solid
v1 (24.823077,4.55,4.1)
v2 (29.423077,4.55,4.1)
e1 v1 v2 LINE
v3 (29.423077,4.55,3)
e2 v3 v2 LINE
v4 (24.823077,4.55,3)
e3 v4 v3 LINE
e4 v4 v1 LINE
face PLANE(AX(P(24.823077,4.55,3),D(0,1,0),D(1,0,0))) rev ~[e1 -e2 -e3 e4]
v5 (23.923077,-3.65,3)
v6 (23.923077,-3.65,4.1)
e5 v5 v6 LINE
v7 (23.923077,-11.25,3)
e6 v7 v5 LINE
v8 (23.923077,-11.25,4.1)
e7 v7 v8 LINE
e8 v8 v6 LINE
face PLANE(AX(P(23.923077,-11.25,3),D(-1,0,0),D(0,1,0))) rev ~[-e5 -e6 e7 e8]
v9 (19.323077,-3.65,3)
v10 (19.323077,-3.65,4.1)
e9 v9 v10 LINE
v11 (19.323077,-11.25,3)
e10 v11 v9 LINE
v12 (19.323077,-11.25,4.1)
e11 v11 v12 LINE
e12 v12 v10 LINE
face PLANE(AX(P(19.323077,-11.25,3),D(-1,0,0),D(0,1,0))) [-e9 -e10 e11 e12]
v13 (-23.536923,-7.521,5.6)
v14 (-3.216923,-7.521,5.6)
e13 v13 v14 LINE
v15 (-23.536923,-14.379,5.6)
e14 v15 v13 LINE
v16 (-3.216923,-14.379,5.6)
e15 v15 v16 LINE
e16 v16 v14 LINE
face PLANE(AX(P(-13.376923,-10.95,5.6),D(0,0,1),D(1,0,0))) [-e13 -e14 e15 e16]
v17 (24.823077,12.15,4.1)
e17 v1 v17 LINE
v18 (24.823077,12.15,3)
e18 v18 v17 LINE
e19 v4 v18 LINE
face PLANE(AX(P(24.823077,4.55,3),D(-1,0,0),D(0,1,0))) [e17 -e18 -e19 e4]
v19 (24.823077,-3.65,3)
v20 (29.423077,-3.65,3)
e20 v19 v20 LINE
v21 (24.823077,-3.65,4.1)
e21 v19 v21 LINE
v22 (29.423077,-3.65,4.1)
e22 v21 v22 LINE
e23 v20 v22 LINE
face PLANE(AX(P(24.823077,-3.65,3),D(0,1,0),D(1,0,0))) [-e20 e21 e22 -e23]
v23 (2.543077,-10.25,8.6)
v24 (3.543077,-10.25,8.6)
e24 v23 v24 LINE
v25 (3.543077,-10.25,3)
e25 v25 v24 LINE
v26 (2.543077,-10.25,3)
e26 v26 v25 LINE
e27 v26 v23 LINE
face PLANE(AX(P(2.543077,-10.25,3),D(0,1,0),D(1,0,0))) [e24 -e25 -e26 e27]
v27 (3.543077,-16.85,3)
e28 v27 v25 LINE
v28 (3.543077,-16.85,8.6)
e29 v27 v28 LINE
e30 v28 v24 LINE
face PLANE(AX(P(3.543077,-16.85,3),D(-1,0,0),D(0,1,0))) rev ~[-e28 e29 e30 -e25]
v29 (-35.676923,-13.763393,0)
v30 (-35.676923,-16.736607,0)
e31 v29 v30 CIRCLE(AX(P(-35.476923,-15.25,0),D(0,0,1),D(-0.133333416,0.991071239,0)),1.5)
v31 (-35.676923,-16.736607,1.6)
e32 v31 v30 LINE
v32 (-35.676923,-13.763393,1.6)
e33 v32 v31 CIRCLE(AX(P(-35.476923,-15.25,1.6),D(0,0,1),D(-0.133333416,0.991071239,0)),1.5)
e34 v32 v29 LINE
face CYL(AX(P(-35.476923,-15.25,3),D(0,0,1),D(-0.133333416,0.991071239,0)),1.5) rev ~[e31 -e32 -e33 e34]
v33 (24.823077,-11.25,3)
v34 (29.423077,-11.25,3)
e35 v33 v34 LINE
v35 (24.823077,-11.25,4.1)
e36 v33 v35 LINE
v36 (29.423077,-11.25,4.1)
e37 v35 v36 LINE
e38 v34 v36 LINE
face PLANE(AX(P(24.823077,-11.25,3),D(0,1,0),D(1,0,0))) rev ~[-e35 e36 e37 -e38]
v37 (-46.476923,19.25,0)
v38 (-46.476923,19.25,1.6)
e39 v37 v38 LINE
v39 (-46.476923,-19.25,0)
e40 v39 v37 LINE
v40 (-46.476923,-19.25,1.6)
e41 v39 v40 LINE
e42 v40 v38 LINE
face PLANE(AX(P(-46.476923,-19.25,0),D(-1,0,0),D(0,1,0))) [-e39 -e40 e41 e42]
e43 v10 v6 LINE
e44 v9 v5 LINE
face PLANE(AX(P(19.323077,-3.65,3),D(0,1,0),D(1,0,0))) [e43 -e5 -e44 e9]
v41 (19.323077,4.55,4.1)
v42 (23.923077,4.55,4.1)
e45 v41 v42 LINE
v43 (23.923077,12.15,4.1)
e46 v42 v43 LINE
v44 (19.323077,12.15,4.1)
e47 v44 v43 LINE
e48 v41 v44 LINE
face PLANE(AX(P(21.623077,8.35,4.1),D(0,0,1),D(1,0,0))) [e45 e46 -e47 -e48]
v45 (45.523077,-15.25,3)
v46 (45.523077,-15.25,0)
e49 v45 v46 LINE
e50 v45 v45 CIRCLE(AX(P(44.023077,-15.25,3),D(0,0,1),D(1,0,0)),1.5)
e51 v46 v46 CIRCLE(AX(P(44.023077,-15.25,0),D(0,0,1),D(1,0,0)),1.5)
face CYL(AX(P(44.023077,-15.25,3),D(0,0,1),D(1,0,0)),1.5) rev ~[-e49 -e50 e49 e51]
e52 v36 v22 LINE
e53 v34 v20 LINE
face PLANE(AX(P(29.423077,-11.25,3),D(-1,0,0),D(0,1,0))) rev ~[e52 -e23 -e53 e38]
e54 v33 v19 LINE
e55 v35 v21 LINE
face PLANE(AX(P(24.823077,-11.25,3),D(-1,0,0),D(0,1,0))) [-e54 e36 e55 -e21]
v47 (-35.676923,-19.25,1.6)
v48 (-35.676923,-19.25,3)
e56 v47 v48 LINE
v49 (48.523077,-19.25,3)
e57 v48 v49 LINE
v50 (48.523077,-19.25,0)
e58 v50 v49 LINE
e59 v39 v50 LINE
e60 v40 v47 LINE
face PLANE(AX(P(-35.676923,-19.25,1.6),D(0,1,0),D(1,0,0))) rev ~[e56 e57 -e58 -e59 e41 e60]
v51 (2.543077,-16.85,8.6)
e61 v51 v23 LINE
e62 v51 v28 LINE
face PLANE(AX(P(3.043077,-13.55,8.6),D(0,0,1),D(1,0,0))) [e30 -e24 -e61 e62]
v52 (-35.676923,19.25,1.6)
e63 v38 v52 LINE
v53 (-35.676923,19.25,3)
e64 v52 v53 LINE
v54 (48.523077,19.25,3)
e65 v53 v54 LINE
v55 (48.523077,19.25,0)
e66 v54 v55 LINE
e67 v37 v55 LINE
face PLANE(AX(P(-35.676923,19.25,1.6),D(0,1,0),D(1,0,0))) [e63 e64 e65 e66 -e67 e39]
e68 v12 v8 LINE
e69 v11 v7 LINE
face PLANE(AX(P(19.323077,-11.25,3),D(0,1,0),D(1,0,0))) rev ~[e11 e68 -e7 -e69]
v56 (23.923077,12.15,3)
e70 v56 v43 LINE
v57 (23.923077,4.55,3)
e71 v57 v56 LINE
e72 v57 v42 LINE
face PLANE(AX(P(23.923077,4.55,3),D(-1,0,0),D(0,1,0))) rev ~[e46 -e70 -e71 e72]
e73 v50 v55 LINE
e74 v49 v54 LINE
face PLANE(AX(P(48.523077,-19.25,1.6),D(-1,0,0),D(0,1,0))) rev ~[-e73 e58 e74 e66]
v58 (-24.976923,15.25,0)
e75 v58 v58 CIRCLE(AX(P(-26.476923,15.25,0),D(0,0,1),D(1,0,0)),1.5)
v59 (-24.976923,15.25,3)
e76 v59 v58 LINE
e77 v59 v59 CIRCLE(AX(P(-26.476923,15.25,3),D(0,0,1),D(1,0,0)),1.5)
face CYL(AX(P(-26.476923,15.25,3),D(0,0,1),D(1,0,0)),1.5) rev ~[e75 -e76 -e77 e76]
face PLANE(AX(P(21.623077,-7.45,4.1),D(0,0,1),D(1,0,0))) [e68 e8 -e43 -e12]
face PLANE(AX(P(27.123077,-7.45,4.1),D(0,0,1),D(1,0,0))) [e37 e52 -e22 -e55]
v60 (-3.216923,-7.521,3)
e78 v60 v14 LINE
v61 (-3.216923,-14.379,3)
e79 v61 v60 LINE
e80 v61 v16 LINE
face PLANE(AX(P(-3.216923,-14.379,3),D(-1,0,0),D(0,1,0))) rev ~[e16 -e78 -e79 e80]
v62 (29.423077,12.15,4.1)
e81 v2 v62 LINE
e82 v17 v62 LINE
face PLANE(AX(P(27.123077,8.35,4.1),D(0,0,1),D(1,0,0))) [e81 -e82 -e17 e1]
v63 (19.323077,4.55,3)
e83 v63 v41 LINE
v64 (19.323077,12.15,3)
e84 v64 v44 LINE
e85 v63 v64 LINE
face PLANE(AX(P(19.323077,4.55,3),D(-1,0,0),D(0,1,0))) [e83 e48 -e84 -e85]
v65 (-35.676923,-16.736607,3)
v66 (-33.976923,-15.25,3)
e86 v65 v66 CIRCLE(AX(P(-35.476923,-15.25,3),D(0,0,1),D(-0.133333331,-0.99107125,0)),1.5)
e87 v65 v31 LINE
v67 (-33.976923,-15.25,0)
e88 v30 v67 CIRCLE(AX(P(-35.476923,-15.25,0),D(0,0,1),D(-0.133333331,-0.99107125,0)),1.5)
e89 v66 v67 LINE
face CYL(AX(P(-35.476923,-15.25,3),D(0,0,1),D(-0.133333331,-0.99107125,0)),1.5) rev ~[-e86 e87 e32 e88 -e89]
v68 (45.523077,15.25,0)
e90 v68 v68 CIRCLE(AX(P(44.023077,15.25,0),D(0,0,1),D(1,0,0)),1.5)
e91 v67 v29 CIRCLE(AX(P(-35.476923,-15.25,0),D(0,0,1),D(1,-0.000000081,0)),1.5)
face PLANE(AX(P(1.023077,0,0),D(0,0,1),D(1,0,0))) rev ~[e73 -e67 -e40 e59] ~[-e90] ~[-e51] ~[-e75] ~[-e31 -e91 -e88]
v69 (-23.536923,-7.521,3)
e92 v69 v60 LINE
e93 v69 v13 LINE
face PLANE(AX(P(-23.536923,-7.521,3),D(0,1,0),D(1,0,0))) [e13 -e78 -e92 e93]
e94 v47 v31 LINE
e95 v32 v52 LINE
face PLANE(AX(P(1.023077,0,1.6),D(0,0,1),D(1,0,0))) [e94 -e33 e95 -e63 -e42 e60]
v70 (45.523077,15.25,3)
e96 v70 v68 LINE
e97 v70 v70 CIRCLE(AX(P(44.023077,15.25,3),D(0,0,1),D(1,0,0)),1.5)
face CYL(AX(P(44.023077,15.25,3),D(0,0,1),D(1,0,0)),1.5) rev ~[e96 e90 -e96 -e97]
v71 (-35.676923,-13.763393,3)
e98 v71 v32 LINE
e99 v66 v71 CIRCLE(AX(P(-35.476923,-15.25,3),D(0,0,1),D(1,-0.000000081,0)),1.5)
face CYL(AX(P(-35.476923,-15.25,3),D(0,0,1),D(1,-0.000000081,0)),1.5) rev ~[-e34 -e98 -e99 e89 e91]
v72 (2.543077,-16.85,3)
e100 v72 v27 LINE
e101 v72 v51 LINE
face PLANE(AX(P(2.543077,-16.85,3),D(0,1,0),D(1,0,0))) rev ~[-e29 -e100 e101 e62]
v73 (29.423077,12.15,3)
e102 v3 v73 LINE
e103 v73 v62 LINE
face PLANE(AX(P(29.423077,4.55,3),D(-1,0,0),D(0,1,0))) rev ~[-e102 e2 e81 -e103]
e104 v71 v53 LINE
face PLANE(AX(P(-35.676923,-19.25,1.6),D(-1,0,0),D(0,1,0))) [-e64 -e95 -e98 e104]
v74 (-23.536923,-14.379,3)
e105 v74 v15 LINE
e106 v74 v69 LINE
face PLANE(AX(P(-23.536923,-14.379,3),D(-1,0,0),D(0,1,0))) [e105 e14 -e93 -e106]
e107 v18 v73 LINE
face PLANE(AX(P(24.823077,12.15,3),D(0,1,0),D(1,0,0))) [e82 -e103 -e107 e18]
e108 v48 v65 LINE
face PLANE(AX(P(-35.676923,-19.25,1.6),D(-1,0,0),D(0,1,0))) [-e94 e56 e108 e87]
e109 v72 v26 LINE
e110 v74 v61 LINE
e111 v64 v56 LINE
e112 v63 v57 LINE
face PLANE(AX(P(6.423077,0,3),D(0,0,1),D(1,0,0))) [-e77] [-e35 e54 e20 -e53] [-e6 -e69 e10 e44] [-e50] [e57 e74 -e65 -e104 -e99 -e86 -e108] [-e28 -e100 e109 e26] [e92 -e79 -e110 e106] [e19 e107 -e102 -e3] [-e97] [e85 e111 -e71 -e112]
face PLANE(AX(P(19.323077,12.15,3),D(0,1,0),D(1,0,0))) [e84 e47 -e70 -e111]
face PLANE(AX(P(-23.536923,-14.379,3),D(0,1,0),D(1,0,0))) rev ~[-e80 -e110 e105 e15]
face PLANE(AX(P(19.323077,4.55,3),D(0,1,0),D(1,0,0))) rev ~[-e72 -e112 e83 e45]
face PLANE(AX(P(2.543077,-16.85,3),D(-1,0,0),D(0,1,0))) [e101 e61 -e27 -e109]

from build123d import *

# Parameters (mm, degrees)
F0_W      = 95
F0_H      = 38.5
F1_DEPTH  = 1.6
F2_W      = 84.2
F2_H      = 38.5
F3_DEPTH  = 1.4
F4_W      = 20.32
F4_H      = 6.858
F5_DEPTH  = 2.6
F6_W      = 4.6
F6_H      = 7.6
F7_DEPTH  = 1.1
F8_W      = 1
F8_H      = 6.6
F9_DEPTH  = 5.6
F10_R     = 1.5
F11_DEPTH = 3


with BuildPart() as f1:
    # F0 (on Top) → F1 (new body)
    with BuildSketch(Plane.XY):
        with Locations((1.023077, 0)):
            Rectangle(F0_W, F0_H)
    extrude(amount=F1_DEPTH)

    # F2 (on face) → F3 (join)
    with BuildSketch(Plane.XY.offset(1.6)):
        with Locations((6.423077, 0)):
            Rectangle(F2_W, F2_H)
    extrude(amount=F3_DEPTH)

    # F4 (on face) → F5 (join)
    with BuildSketch(Plane.XY.offset(3)):
        with Locations((-13.376923, -10.95)):
            Rectangle(F4_W, F4_H)
    extrude(amount=F5_DEPTH)

    # F6 (on face) → F7 (join)
    with BuildSketch(Plane.XY.offset(3)):
        with Locations((27.123077, -7.45)):
            Rectangle(F6_W, F6_H)
        with Locations((21.623077, -7.45)):
            Rectangle(F6_W, F6_H)
        with Locations((21.623077, 8.35)):
            Rectangle(F6_W, F6_H)
        with Locations((27.123077, 8.35)):
            Rectangle(F6_W, F6_H)
    extrude(amount=F7_DEPTH)

    # F8 (on face) → F9 (join)
    with BuildSketch(Plane.XY.offset(3)):
        with Locations((3.043077, -13.55)):
            Rectangle(F8_W, F8_H)
    extrude(amount=F9_DEPTH)

    # F10 (on face) → F11 (cut)
    with BuildSketch(Plane.XY.offset(3)):
        with Locations((-26.476923, 15.25)):
            Circle(F10_R)
        with BuildLine():
            Line((-35.676923, -16.736607), (-35.676923, -13.763393))
            ThreePointArc((-35.676923, -13.763393), (-36.976923, -15.25), (-35.676923, -16.736607))
        make_face()
        with BuildLine():
            ThreePointArc((-35.676923, -16.736607), (-34.489502, -16.379159), (-33.976923, -15.25))
            ThreePointArc((-33.976923, -15.25), (-34.489502, -14.120841), (-35.676923, -13.763393))
            Line((-35.676923, -13.763393), (-35.676923, -16.736607))
        make_face()
        with Locations((44.023077, 15.25)):
            Circle(F10_R)
        with Locations((44.023077, -15.25)):
            Circle(F10_R)
    extrude(amount=-F11_DEPTH, mode=Mode.SUBTRACT)


solid = f1.part
